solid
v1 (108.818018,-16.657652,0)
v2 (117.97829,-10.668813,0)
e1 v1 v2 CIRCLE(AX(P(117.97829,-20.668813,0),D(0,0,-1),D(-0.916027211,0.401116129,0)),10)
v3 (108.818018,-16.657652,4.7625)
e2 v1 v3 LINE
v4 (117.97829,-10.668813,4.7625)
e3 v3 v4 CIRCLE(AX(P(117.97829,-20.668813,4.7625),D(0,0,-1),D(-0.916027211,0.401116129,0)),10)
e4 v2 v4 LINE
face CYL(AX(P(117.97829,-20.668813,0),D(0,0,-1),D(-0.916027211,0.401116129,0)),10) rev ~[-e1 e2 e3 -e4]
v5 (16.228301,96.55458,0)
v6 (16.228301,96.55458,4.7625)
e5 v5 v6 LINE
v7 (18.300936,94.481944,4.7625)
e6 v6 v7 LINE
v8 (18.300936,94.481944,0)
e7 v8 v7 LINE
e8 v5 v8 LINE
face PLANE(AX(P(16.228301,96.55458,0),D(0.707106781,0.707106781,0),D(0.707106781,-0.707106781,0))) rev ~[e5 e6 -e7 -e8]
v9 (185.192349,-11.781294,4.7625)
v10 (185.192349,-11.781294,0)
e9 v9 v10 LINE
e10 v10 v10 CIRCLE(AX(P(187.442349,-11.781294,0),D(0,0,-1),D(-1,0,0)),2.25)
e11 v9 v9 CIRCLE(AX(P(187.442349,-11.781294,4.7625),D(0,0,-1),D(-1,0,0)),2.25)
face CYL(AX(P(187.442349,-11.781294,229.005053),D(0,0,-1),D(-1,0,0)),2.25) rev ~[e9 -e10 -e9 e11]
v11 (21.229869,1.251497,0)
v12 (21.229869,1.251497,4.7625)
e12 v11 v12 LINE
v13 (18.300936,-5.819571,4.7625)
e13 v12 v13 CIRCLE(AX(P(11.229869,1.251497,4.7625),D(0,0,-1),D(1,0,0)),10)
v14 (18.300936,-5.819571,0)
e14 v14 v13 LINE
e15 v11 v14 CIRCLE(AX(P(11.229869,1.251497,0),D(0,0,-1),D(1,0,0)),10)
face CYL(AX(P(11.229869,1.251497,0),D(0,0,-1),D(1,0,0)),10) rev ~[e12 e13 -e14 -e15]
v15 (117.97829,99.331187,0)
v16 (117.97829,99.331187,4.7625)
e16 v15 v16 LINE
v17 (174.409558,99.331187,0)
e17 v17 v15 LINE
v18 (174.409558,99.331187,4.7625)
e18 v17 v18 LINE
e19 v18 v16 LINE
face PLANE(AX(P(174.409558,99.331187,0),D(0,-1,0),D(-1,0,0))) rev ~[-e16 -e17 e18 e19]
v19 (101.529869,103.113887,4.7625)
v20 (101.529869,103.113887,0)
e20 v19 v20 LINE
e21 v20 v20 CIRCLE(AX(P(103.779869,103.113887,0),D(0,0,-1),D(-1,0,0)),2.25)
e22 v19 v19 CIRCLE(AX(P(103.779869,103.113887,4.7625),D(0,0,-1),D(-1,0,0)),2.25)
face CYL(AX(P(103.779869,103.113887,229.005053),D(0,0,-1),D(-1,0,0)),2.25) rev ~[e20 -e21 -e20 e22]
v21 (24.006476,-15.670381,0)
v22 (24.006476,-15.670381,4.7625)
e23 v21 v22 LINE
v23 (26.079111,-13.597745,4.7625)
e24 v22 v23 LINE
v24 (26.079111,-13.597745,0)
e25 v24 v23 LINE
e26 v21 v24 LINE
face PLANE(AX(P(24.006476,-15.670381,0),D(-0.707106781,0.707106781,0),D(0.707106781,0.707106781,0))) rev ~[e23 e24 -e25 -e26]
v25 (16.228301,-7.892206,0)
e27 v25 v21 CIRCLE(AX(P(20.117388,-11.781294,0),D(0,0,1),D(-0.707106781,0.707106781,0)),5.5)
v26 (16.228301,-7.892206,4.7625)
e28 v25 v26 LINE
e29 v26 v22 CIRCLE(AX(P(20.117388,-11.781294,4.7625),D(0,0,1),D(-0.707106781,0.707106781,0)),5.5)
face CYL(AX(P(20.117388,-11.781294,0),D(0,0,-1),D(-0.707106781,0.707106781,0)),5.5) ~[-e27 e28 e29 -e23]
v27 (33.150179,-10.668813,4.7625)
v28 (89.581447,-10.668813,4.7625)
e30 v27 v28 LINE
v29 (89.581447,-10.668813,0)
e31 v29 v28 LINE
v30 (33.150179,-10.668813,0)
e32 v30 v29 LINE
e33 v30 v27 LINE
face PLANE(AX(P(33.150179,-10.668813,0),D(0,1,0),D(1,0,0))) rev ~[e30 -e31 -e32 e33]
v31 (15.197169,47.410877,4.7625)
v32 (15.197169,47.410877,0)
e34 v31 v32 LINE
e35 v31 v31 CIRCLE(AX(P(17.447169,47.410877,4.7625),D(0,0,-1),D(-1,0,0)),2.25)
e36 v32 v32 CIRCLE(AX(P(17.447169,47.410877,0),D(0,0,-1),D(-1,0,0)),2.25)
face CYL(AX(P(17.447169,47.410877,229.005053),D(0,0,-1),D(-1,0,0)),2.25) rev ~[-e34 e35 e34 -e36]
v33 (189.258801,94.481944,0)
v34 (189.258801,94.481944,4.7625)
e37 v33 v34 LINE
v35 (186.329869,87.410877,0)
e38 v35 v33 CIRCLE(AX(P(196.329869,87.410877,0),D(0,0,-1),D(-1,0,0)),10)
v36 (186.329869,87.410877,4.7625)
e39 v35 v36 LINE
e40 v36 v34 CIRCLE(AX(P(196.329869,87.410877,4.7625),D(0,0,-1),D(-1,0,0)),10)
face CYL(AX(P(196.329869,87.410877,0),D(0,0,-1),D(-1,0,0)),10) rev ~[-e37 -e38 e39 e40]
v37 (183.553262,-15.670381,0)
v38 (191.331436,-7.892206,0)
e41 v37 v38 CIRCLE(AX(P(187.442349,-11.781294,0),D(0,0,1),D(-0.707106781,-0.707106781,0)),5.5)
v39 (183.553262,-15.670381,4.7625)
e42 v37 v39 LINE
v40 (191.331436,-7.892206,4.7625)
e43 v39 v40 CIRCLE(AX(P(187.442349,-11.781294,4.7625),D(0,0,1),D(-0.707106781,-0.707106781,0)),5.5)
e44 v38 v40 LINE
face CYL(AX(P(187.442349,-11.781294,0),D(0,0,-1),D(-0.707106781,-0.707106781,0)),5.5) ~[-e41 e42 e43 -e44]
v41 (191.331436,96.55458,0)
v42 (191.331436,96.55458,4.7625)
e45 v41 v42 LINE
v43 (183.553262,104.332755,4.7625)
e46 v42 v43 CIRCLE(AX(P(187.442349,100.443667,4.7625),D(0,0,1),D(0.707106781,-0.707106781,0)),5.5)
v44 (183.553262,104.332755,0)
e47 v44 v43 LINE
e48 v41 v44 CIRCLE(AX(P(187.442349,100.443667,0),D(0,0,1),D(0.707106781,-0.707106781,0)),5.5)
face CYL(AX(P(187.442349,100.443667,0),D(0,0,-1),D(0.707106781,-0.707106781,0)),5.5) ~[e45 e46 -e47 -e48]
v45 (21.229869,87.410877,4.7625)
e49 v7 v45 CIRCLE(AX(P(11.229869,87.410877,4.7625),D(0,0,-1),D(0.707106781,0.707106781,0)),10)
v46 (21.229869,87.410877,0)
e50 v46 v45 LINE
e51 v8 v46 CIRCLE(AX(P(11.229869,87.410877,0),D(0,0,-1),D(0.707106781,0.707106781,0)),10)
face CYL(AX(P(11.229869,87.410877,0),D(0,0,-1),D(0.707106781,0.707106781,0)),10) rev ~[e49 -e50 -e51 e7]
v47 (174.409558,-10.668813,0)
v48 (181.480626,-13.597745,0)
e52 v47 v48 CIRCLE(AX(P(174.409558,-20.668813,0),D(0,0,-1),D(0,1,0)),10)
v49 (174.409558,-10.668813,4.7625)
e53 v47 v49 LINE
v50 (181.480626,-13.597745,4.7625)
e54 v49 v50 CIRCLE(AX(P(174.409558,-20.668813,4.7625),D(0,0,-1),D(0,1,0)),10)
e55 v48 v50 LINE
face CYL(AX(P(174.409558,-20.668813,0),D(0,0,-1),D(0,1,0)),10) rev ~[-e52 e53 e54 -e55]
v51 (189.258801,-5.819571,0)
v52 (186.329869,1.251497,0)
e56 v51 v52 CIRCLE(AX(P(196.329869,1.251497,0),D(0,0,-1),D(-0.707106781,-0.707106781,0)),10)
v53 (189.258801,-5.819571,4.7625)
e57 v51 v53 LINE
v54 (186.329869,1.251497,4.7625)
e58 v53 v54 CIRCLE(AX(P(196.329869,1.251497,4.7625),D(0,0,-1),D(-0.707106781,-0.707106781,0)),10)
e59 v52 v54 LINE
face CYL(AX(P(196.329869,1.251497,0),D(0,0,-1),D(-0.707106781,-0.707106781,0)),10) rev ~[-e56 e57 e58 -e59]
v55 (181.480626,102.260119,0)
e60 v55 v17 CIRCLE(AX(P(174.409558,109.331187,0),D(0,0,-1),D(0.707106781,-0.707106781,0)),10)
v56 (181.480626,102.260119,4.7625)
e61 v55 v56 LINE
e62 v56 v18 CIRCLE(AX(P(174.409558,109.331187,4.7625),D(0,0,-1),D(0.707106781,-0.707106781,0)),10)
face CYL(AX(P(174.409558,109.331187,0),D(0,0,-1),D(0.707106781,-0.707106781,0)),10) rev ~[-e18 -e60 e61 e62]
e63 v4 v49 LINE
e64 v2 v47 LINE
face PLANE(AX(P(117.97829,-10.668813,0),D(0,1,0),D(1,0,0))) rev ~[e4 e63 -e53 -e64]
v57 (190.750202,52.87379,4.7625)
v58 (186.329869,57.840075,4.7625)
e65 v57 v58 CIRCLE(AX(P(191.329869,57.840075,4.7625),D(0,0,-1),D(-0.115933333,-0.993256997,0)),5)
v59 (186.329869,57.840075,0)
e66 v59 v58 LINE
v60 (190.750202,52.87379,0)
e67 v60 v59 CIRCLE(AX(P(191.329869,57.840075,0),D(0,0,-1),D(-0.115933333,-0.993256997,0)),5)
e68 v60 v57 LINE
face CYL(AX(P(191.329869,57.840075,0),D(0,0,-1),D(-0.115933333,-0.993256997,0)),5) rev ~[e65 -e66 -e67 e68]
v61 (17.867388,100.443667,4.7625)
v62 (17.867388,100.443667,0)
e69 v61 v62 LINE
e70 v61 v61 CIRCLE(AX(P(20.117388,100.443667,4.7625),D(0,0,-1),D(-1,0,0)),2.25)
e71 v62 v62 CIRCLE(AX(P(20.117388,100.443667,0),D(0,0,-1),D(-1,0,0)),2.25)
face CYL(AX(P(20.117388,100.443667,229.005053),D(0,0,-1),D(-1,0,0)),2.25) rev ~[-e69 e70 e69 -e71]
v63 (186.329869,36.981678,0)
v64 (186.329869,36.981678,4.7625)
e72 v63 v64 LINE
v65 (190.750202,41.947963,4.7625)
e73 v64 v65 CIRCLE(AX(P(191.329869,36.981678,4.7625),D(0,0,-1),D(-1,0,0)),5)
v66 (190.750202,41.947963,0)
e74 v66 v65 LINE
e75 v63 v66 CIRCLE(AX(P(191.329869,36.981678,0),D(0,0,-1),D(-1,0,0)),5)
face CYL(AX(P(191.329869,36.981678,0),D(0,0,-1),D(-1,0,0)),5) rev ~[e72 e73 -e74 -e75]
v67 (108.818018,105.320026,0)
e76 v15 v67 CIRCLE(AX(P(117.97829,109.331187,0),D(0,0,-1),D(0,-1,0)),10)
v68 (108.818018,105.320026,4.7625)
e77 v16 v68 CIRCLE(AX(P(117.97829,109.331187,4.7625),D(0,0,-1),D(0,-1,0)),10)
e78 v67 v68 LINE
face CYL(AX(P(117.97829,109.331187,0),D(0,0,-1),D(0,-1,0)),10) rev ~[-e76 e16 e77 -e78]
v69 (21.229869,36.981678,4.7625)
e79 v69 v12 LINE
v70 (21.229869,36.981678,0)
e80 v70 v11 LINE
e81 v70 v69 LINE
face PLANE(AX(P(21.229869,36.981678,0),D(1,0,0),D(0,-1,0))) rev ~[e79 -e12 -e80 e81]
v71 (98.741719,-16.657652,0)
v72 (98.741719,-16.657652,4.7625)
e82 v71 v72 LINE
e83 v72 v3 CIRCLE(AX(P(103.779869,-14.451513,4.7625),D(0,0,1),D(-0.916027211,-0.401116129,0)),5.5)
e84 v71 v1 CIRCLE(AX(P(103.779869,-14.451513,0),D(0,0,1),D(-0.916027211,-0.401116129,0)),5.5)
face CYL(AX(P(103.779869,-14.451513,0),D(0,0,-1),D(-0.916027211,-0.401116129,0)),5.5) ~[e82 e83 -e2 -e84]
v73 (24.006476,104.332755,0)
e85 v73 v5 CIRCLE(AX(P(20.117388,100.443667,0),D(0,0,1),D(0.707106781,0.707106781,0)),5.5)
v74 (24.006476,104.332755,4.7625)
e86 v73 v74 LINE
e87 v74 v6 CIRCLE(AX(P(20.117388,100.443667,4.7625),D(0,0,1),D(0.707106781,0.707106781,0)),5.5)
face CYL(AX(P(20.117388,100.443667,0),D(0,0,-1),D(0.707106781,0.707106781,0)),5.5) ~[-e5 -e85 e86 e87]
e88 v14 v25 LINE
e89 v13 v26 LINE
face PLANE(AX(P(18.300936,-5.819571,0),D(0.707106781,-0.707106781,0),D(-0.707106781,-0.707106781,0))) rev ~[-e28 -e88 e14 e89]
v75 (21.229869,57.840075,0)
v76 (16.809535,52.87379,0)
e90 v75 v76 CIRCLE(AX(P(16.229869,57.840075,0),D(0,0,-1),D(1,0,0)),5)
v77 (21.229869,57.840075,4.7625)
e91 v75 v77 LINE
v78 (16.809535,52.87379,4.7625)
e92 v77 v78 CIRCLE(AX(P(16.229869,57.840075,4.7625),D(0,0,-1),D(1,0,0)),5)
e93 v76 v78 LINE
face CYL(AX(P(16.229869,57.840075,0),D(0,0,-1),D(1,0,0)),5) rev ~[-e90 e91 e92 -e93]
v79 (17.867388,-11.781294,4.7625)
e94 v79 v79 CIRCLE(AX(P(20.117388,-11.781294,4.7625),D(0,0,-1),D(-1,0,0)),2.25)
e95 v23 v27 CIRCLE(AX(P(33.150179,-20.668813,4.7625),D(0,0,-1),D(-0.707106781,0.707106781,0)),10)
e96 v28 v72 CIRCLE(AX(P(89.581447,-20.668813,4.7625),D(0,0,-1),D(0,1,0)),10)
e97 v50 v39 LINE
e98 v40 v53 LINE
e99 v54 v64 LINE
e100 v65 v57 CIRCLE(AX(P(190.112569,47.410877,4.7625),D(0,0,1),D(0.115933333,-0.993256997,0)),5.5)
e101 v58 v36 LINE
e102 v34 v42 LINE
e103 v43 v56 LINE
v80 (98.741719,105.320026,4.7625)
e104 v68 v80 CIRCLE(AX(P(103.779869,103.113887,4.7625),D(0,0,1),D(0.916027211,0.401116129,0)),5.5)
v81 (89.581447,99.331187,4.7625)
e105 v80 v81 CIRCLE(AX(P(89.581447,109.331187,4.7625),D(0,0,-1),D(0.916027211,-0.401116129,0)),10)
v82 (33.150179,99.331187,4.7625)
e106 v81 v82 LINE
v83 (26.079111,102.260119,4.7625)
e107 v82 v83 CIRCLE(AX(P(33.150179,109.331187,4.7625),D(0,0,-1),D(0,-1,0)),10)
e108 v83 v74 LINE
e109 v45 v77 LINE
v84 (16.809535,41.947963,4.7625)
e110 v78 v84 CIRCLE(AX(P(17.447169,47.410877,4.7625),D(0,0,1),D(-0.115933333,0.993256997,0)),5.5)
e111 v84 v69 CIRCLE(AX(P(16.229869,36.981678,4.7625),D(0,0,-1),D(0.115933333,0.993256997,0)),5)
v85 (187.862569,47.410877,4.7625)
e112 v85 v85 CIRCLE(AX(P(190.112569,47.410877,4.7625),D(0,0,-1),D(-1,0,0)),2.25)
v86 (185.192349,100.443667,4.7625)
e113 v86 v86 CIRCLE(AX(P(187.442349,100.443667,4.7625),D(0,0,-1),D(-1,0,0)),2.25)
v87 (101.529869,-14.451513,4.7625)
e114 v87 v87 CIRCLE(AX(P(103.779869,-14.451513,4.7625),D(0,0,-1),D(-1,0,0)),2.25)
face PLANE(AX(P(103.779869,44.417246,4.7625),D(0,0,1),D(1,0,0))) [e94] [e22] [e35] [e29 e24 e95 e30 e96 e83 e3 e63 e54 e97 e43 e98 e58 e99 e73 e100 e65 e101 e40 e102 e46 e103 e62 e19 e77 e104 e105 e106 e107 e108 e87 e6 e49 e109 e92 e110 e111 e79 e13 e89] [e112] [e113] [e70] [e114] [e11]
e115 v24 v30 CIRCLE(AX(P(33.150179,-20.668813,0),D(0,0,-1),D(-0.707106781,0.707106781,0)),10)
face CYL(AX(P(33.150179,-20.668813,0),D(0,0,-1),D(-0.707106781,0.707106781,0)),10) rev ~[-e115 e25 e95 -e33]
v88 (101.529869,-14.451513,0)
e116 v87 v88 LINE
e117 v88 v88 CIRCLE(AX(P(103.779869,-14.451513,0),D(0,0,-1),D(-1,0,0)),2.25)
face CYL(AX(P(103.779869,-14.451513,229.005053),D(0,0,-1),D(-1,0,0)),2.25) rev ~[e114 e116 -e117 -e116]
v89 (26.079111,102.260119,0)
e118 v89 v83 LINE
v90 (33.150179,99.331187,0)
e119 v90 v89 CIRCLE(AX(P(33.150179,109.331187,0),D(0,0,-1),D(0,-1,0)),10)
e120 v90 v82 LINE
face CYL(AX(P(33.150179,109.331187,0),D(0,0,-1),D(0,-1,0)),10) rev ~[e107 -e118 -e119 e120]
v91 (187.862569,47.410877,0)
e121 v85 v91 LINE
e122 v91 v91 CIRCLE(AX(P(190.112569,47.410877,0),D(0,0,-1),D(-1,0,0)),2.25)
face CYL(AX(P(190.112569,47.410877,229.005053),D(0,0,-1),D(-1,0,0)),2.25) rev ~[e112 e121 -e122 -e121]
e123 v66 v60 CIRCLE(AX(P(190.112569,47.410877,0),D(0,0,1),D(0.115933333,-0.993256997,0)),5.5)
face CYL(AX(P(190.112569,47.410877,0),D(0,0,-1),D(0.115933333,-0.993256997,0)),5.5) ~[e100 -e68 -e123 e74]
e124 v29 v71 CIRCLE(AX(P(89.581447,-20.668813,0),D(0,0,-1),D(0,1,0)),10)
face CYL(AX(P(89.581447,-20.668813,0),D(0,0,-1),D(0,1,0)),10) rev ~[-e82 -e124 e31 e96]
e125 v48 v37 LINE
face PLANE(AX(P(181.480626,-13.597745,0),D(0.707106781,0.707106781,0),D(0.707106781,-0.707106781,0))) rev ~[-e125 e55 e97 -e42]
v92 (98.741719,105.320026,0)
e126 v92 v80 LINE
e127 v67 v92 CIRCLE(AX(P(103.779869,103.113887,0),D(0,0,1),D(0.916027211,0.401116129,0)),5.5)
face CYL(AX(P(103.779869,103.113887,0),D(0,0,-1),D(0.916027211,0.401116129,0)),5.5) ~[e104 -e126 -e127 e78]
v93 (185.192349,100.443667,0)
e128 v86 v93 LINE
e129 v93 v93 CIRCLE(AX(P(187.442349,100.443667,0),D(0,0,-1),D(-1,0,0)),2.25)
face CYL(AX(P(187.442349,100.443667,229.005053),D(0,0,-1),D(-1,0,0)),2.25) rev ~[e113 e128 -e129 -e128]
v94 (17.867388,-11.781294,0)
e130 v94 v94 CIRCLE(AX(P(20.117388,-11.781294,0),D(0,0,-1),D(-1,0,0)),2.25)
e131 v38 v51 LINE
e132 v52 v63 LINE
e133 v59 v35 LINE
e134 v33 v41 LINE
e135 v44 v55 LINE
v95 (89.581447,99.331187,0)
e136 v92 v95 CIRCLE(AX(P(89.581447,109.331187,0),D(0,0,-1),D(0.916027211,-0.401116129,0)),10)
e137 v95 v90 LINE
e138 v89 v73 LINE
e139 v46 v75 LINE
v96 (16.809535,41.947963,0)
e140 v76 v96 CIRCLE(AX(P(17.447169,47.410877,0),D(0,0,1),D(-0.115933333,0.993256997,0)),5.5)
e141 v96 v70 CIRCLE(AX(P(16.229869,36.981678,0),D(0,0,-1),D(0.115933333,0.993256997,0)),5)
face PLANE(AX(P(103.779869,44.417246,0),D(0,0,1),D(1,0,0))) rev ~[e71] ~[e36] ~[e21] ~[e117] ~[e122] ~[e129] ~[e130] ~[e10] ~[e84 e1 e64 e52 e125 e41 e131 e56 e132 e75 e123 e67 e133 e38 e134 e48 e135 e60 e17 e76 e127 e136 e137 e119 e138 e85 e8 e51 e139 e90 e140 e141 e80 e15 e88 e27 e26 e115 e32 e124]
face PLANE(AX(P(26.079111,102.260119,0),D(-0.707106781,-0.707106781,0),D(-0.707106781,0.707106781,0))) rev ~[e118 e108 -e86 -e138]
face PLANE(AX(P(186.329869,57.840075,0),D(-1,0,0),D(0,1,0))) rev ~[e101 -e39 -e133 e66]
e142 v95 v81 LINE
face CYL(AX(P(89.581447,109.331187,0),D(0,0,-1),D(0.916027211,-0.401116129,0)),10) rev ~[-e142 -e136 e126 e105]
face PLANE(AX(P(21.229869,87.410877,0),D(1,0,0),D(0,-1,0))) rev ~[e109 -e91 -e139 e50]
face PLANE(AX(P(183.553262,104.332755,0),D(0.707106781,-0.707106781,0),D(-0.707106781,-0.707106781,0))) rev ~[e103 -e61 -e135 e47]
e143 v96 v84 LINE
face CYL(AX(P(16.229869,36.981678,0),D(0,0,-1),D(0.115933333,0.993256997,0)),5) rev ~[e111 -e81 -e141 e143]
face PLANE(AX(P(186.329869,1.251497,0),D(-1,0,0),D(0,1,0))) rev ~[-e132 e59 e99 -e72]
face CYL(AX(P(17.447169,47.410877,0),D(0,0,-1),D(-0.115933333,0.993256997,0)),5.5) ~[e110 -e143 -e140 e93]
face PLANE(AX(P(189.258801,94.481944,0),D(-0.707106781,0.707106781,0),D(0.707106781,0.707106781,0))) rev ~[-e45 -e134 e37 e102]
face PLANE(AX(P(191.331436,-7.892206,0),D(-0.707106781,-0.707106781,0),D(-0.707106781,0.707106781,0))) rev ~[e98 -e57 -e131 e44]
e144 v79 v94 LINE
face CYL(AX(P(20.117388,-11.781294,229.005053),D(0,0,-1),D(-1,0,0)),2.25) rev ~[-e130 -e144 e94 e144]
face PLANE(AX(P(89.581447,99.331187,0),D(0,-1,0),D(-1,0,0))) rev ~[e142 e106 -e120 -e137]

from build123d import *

# Parameters (mm, degrees)
BOSS_EXTRUDE1_DEPTH  = 4.7625
M4_CLEARANCE_HOLE1_D = 4.5


with BuildPart() as part:
    # Sketch2 → Boss-Extrude1 (new body)
    with BuildSketch(Plane.XY):
        with BuildLine():
            Line((183.553261784, 104.332754576), (181.480626284, 102.260119075))
            ThreePointArc((181.480626284, 102.260119075), (178.236392795, 100.092391562), (174.409558472, 99.331186887))
            Line((174.409558472, 99.331186887), (117.978290457, 99.331186887))
            ThreePointArc((117.978290457, 99.331186887), (112.506161662, 100.961252213), (108.818018348, 105.320025597))
            ThreePointArc((108.818018348, 105.320025597), (103.779868689, 108.613886887), (98.741719029, 105.320025597))
            ThreePointArc((98.741719029, 105.320025597), (95.053575715, 100.961252213), (89.58144692, 99.331186887))
            Line((89.58144692, 99.331186887), (33.150178905, 99.331186887))
            ThreePointArc((33.150178905, 99.331186887), (29.323344582, 100.092391562), (26.079111093, 102.260119075))
            Line((26.079111093, 102.260119075), (24.006475593, 104.332754576))
            ThreePointArc((24.006475593, 104.332754576), (16.228301, 104.332754576), (16.228301, 96.554579982))
            Line((16.228301, 96.554579982), (18.3009365, 94.481944482))
            ThreePointArc((18.3009365, 94.481944482), (20.468664014, 91.237710994), (21.229868689, 87.41087667))
            Line((21.229868689, 87.41087667), (21.229868689, 57.840075139))
            ThreePointArc((21.229868689, 57.840075139), (19.964727008, 54.515795769), (16.809535355, 52.873790154))
            ThreePointArc((16.809535355, 52.873790154), (11.947168689, 47.41087667), (16.809535355, 41.947963186))
            ThreePointArc((16.809535355, 41.947963186), (19.964727008, 40.305957571), (21.229868689, 36.981678201))
            Line((21.229868689, 36.981678201), (21.229868689, 1.251497104))
            ThreePointArc((21.229868689, 1.251497104), (20.468664014, -2.57533722), (18.3009365, -5.819570708))
            Line((18.3009365, -5.819570708), (16.228301, -7.892206209))
            ThreePointArc((16.228301, -7.892206209), (16.228301, -15.670380802), (24.006475593, -15.670380802))
            Line((24.006475593, -15.670380802), (26.079111093, -13.597745301))
            ThreePointArc((26.079111093, -13.597745301), (29.323344582, -11.430017788), (33.150178905, -10.668813113))
            Line((33.150178905, -10.668813113), (89.58144692, -10.668813113))
            ThreePointArc((89.58144692, -10.668813113), (95.053575715, -12.298878439), (98.741719029, -16.657651823))
            ThreePointArc((98.741719029, -16.657651823), (103.779868689, -19.951513113), (108.818018348, -16.657651823))
            ThreePointArc((108.818018348, -16.657651823), (112.506161662, -12.298878439), (117.978290457, -10.668813113))
            Line((117.978290457, -10.668813113), (174.409558472, -10.668813113))
            ThreePointArc((174.409558472, -10.668813113), (178.236392795, -11.430017788), (181.480626284, -13.597745301))
            Line((181.480626284, -13.597745301), (183.553261784, -15.670380802))
            ThreePointArc((183.553261784, -15.670380802), (191.331436377, -15.670380802), (191.331436377, -7.892206209))
            Line((191.331436377, -7.892206209), (189.258800877, -5.819570708))
            ThreePointArc((189.258800877, -5.819570708), (187.091073363, -2.57533722), (186.329868689, 1.251497104))
            Line((186.329868689, 1.251497104), (186.329868689, 36.981678201))
            ThreePointArc((186.329868689, 36.981678201), (187.595010369, 40.305957571), (190.750202022, 41.947963186))
            ThreePointArc((190.750202022, 41.947963186), (195.612568689, 47.41087667), (190.750202022, 52.873790154))
            ThreePointArc((190.750202022, 52.873790154), (187.595010369, 54.515795769), (186.329868689, 57.840075139))
            Line((186.329868689, 57.840075139), (186.329868689, 87.41087667))
            ThreePointArc((186.329868689, 87.41087667), (187.091073363, 91.237710994), (189.258800877, 94.481944482))
            Line((189.258800877, 94.481944482), (191.331436377, 96.554579982))
            ThreePointArc((191.331436377, 96.554579982), (191.331436377, 104.332754576), (183.553261784, 104.332754576))
        make_face()
    extrude(amount=BOSS_EXTRUDE1_DEPTH)

    # M4 Clearance Hole1 (through all)
    with Locations(Plane.XY.offset(4.7625)):
        with Locations((17.447168689, 47.41087667), (20.117388296, 100.443667279), (103.779868689, 103.113886887), (187.442349081, 100.443667279), (190.112568689, 47.41087667), (187.442349081, -11.781293505), (103.779868689, -14.451513113), (20.117388296, -11.781293505)):
            Hole(M4_CLEARANCE_HOLE1_D / 2)


solid = part.part
